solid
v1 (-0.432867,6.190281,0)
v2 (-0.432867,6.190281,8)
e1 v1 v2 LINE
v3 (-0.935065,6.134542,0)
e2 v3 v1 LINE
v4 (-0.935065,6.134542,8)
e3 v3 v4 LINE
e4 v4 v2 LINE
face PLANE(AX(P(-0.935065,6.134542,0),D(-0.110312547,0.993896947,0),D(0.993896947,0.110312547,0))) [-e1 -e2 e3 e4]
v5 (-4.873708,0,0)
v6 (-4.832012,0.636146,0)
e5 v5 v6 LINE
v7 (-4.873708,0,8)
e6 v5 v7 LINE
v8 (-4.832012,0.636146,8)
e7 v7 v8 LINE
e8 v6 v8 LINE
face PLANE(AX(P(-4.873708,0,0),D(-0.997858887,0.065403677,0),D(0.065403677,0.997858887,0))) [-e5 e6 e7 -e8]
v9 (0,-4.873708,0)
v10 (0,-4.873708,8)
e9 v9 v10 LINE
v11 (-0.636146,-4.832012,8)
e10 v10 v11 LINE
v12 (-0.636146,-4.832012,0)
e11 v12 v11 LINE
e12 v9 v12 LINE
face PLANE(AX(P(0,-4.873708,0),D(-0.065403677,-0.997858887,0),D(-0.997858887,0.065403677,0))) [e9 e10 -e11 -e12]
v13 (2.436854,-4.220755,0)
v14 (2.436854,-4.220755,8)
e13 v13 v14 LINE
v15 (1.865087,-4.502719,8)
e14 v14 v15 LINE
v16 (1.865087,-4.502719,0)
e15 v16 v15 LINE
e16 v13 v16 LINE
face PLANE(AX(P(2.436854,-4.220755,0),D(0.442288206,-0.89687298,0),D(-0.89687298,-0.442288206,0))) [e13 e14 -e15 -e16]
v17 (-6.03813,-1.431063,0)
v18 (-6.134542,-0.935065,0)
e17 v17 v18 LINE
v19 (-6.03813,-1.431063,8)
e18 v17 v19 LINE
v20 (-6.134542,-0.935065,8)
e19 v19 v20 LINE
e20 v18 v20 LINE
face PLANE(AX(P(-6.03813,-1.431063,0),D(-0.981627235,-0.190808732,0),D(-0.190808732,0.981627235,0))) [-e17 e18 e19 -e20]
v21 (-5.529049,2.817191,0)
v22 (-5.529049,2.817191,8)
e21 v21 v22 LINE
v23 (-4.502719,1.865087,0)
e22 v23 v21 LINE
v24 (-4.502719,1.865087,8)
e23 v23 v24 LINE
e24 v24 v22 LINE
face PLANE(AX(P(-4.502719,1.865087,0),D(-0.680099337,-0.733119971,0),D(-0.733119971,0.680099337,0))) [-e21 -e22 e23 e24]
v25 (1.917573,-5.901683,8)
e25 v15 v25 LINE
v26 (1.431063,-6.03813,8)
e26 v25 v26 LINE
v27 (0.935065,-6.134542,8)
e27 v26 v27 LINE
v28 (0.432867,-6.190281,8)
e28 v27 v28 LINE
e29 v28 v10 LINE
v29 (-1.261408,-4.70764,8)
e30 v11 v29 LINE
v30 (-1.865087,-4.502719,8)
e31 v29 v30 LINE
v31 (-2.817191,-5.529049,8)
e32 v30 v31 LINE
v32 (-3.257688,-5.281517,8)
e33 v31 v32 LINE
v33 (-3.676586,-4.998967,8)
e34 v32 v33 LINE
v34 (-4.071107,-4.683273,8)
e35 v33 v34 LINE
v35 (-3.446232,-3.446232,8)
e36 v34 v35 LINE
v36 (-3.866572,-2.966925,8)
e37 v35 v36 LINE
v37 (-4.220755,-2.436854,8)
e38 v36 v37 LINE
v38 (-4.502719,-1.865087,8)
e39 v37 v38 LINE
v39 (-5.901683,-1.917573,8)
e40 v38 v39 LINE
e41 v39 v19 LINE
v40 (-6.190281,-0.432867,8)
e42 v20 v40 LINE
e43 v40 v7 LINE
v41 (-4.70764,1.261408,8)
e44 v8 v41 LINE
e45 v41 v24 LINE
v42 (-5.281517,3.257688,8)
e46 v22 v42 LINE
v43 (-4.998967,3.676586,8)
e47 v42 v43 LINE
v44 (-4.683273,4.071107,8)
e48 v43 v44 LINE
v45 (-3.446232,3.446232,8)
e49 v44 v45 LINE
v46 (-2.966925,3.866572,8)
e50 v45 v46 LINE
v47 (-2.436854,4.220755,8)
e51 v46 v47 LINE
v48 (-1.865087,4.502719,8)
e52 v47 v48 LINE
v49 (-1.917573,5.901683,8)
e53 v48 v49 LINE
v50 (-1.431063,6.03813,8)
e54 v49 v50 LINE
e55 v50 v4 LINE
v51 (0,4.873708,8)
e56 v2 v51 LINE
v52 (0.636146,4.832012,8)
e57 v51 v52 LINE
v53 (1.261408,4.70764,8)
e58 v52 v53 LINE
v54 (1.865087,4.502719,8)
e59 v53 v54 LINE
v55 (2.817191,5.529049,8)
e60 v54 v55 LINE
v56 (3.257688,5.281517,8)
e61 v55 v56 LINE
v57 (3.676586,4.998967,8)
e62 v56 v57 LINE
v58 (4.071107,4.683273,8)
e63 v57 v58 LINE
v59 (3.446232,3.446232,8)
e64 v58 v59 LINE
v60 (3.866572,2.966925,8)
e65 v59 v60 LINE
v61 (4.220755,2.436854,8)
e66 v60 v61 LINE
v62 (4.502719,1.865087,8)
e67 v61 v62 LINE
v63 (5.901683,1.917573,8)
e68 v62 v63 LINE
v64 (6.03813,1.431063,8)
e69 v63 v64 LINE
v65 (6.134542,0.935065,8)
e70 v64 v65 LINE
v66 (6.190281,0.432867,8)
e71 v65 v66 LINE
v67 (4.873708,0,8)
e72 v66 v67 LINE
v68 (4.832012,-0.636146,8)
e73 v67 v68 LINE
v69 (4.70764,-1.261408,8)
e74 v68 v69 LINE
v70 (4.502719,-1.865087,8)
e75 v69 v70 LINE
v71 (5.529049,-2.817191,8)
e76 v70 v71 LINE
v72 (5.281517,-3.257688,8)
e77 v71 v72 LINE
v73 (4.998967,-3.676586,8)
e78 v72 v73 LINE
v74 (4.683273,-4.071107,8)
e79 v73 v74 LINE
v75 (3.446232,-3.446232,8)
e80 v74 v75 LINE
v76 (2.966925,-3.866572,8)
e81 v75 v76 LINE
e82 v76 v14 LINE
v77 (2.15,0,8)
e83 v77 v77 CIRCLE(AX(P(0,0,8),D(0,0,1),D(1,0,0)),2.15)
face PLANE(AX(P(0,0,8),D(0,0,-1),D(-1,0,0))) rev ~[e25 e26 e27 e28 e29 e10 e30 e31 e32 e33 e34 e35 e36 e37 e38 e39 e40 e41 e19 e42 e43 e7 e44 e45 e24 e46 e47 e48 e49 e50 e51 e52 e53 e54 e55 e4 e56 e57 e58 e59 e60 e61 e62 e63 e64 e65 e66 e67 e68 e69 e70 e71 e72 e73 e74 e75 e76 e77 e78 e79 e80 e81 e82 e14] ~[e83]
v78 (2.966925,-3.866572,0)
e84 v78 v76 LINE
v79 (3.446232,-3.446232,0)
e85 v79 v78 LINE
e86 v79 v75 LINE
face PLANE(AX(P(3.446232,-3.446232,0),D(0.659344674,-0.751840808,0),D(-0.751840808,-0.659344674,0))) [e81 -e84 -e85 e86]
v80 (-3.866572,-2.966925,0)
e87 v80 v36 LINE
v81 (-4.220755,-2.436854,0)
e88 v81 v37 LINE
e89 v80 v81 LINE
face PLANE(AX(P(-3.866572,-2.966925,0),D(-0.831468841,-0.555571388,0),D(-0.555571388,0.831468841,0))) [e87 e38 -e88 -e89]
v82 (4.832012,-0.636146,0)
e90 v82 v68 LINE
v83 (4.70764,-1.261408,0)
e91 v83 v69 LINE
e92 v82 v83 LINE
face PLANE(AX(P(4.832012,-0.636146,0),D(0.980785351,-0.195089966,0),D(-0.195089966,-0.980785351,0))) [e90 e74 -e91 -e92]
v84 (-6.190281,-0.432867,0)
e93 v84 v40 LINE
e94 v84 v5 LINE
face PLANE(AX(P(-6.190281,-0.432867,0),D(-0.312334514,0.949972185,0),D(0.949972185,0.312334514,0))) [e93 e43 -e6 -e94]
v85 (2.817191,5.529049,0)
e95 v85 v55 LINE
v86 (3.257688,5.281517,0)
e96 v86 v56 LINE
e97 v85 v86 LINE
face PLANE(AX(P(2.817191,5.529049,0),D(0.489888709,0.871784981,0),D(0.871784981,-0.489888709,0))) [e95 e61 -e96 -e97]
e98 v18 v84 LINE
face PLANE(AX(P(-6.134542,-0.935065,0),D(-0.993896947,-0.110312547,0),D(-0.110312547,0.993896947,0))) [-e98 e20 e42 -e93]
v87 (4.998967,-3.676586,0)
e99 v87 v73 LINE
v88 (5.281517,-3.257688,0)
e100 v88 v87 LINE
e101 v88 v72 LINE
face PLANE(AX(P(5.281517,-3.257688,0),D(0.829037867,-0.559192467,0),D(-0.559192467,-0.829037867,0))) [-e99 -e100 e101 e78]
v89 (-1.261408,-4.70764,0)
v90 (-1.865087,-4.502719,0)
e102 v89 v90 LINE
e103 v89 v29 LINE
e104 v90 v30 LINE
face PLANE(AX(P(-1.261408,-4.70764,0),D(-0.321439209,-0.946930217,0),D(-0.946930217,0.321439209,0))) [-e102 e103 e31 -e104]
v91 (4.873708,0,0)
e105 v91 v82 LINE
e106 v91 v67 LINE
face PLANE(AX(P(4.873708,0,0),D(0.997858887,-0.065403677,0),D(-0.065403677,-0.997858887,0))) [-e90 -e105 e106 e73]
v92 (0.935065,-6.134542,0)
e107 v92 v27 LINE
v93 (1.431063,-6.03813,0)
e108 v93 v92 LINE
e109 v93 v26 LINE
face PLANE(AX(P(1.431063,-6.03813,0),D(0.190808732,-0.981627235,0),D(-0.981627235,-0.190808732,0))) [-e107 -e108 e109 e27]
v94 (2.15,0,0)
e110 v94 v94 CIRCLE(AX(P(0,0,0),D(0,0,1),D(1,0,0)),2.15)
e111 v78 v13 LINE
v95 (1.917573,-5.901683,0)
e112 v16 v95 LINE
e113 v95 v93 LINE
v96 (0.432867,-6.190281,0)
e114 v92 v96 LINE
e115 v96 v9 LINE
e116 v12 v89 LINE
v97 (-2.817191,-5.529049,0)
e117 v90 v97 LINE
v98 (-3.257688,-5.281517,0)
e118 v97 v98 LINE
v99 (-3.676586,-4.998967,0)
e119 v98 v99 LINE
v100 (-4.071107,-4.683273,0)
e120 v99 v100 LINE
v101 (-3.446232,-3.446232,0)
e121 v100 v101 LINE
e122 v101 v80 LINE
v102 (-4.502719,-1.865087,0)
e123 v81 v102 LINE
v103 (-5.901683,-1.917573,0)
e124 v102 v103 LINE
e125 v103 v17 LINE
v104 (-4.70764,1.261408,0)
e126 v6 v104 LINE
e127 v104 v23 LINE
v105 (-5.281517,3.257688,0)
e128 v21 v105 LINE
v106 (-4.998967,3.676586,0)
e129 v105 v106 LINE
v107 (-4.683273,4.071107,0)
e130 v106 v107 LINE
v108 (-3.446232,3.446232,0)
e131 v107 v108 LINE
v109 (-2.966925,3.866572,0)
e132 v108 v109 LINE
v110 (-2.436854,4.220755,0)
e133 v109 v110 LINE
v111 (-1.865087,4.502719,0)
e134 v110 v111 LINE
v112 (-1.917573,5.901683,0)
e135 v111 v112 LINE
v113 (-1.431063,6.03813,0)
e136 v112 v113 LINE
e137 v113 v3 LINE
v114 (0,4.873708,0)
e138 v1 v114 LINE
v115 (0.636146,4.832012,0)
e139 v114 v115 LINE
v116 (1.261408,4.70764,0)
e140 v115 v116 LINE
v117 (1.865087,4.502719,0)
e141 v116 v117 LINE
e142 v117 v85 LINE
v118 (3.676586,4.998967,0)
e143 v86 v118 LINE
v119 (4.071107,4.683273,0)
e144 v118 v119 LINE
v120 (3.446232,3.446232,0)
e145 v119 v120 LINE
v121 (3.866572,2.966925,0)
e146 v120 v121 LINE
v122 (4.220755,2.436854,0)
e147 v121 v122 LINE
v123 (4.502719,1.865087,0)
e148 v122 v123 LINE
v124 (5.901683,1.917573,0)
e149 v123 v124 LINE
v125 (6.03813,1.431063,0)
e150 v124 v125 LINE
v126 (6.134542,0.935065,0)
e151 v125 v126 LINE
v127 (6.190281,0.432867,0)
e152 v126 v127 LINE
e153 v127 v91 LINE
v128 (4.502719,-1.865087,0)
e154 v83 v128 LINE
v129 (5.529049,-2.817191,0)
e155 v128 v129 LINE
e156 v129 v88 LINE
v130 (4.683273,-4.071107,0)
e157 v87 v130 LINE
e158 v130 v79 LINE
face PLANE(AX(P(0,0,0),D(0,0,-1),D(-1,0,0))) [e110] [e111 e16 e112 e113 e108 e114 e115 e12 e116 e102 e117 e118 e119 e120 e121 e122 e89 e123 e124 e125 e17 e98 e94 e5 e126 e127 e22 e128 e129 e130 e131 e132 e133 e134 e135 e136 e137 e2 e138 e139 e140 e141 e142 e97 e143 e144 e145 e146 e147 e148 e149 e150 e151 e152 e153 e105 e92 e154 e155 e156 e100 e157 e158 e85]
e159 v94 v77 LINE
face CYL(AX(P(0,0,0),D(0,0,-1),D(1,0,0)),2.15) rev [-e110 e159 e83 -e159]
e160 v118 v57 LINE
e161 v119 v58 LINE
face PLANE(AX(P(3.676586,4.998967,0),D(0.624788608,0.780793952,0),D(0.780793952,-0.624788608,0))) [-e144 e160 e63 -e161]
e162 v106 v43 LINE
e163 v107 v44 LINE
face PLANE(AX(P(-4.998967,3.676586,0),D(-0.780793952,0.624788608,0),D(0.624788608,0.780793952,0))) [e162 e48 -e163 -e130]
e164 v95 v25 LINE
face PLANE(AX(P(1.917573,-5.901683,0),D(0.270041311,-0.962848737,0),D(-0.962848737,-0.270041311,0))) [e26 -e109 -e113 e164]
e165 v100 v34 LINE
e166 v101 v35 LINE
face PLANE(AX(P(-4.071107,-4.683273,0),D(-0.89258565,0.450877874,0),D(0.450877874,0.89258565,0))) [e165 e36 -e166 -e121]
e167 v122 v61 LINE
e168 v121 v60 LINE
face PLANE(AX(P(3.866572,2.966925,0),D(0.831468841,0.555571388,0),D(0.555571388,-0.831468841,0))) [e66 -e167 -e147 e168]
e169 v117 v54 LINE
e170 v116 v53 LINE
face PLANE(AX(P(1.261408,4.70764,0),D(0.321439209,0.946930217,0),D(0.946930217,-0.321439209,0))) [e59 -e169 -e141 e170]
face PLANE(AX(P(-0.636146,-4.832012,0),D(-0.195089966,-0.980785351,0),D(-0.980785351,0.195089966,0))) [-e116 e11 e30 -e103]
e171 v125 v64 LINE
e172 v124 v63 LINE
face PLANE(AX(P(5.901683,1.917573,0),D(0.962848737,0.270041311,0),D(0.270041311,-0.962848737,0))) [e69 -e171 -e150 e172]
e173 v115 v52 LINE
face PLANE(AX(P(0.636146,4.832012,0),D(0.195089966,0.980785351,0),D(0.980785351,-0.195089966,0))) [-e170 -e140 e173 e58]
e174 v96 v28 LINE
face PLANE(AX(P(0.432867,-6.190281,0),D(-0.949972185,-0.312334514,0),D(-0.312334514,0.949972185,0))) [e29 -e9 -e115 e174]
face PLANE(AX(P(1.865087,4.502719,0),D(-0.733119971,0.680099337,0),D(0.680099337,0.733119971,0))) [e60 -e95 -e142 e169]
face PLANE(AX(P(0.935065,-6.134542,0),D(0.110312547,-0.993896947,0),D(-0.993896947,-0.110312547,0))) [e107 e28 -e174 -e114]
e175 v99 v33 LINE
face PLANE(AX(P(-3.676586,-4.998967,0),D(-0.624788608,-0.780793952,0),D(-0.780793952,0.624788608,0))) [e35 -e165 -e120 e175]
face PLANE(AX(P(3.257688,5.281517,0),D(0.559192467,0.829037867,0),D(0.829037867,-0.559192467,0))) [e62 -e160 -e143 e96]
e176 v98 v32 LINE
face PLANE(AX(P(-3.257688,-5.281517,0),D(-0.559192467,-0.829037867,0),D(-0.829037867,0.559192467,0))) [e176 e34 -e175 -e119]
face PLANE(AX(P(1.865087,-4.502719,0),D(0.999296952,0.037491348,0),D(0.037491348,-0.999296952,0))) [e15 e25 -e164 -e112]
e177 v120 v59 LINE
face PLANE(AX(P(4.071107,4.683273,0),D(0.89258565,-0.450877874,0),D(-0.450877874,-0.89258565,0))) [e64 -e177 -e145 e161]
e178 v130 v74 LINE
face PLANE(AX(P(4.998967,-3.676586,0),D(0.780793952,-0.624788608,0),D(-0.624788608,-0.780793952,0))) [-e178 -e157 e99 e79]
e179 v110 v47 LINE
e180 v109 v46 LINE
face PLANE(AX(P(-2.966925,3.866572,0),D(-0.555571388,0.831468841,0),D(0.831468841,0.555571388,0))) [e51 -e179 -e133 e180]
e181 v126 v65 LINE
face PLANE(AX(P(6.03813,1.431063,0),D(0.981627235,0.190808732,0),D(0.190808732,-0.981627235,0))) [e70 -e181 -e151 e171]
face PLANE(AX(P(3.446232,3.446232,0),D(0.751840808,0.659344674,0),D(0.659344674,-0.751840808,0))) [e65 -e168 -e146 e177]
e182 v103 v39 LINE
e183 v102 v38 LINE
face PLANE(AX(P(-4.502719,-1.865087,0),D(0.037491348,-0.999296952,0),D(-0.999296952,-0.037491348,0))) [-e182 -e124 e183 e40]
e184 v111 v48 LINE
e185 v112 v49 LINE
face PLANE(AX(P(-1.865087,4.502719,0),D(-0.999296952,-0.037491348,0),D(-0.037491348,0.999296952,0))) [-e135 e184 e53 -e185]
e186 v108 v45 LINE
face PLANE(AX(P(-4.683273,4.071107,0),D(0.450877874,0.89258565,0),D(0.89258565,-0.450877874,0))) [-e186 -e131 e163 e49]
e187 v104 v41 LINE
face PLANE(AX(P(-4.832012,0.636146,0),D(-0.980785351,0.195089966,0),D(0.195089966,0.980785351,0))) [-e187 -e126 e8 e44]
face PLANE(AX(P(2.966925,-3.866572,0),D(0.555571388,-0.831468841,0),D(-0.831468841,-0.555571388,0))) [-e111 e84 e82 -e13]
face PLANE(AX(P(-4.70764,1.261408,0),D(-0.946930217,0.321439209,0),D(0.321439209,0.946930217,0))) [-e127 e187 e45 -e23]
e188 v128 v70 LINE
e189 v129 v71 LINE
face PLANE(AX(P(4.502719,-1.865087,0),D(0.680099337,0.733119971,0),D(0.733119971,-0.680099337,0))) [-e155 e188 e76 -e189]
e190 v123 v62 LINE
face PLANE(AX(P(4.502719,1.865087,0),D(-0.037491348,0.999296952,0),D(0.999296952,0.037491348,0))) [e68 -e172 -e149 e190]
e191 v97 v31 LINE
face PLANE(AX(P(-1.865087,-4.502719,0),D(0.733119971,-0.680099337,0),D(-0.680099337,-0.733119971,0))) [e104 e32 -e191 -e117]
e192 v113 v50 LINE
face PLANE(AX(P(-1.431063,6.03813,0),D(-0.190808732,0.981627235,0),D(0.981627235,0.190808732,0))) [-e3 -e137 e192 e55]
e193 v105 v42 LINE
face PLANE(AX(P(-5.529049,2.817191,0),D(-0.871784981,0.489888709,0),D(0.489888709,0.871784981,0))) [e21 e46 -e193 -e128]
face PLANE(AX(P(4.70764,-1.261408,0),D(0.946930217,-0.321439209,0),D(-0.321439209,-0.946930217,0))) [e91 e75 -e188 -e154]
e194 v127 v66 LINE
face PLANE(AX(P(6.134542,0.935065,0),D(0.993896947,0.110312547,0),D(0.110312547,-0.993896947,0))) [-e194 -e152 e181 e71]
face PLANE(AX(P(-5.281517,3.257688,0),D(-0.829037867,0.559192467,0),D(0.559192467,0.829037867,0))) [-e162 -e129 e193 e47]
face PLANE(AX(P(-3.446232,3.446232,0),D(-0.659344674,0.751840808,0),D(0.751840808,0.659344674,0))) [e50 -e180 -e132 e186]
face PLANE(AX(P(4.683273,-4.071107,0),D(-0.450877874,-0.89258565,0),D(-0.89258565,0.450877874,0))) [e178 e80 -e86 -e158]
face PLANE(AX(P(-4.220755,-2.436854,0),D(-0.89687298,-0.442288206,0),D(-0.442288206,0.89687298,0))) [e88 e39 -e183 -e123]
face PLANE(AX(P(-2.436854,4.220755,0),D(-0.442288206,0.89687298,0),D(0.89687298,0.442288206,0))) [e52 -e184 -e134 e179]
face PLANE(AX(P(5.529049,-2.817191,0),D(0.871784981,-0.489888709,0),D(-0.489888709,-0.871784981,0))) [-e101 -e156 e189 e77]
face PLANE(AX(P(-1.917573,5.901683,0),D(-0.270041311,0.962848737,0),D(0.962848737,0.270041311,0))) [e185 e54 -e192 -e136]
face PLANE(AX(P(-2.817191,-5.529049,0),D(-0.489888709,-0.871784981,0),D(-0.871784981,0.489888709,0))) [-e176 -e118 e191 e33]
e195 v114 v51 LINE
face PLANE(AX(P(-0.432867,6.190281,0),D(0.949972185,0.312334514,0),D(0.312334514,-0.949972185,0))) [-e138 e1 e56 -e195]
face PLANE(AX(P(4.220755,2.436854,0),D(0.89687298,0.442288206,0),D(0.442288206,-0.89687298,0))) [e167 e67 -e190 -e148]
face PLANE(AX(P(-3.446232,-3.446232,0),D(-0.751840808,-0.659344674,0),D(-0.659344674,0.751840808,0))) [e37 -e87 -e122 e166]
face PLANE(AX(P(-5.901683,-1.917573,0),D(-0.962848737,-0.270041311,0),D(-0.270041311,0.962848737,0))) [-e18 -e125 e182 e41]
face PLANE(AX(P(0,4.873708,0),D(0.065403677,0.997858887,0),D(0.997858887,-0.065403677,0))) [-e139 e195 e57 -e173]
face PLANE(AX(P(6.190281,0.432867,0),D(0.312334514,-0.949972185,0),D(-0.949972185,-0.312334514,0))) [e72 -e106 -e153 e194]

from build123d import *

# Parameters (mm, degrees)
SKETCH2_R           = 2.15
BOSS_EXTRUDE1_DEPTH = 8


with BuildPart() as part:
    # Sketch2 → Boss-Extrude1 (new body)
    with BuildSketch(Plane.XY):
        Polygon((4.873707771, 0), (4.832012177, -0.636146486), (4.707640171, -1.261407971), (4.502718925, -1.865087032), (5.52904892, -2.817190886), (5.281517029, -3.257688046), (4.998967171, -3.676585913), (4.683272839, -4.071106911), (3.44623208, -3.44623208), (2.966924906, -3.866571903), (2.436853886, -4.2207551), (1.865087032, -4.502718925), (1.917572975, -5.901682854), (1.431063056, -6.038129807), (0.935064673, -6.134541988), (0.432866603, -6.190280914), (0, -4.873707771), (-0.636146486, -4.832012177), (-1.261407971, -4.707640171), (-1.865087032, -4.502718925), (-2.817190886, -5.52904892), (-3.257688046, -5.281517029), (-3.676585913, -4.998967171), (-4.071106911, -4.683272839), (-3.44623208, -3.44623208), (-3.866571903, -2.966924906), (-4.2207551, -2.436853886), (-4.502718925, -1.865087032), (-5.901682854, -1.917572975), (-6.038129807, -1.431063056), (-6.134541988, -0.935064673), (-6.190280914, -0.432866603), (-4.873707771, 0), (-4.832012177, 0.636146486), (-4.707640171, 1.261407971), (-4.502718925, 1.865087032), (-5.52904892, 2.817190886), (-5.281517029, 3.257688046), (-4.998967171, 3.676585913), (-4.683272839, 4.071106911), (-3.44623208, 3.44623208), (-2.966924906, 3.866571903), (-2.436853886, 4.2207551), (-1.865087032, 4.502718925), (-1.917572975, 5.901682854), (-1.431063056, 6.038129807), (-0.935064673, 6.134541988), (-0.432866603, 6.190280914), (0, 4.873707771), (0.636146486, 4.832012177), (1.261407971, 4.707640171), (1.865087032, 4.502718925), (2.817190886, 5.52904892), (3.257688046, 5.281517029), (3.676585913, 4.998967171), (4.071106911, 4.683272839), (3.44623208, 3.44623208), (3.866571903, 2.966924906), (4.2207551, 2.436853886), (4.502718925, 1.865087032), (5.901682854, 1.917572975), (6.038129807, 1.431063056), (6.134541988, 0.935064673), (6.190280914, 0.432866603), align=None)
        Circle(SKETCH2_R, mode=Mode.SUBTRACT)
    extrude(amount=BOSS_EXTRUDE1_DEPTH)


solid = part.part
